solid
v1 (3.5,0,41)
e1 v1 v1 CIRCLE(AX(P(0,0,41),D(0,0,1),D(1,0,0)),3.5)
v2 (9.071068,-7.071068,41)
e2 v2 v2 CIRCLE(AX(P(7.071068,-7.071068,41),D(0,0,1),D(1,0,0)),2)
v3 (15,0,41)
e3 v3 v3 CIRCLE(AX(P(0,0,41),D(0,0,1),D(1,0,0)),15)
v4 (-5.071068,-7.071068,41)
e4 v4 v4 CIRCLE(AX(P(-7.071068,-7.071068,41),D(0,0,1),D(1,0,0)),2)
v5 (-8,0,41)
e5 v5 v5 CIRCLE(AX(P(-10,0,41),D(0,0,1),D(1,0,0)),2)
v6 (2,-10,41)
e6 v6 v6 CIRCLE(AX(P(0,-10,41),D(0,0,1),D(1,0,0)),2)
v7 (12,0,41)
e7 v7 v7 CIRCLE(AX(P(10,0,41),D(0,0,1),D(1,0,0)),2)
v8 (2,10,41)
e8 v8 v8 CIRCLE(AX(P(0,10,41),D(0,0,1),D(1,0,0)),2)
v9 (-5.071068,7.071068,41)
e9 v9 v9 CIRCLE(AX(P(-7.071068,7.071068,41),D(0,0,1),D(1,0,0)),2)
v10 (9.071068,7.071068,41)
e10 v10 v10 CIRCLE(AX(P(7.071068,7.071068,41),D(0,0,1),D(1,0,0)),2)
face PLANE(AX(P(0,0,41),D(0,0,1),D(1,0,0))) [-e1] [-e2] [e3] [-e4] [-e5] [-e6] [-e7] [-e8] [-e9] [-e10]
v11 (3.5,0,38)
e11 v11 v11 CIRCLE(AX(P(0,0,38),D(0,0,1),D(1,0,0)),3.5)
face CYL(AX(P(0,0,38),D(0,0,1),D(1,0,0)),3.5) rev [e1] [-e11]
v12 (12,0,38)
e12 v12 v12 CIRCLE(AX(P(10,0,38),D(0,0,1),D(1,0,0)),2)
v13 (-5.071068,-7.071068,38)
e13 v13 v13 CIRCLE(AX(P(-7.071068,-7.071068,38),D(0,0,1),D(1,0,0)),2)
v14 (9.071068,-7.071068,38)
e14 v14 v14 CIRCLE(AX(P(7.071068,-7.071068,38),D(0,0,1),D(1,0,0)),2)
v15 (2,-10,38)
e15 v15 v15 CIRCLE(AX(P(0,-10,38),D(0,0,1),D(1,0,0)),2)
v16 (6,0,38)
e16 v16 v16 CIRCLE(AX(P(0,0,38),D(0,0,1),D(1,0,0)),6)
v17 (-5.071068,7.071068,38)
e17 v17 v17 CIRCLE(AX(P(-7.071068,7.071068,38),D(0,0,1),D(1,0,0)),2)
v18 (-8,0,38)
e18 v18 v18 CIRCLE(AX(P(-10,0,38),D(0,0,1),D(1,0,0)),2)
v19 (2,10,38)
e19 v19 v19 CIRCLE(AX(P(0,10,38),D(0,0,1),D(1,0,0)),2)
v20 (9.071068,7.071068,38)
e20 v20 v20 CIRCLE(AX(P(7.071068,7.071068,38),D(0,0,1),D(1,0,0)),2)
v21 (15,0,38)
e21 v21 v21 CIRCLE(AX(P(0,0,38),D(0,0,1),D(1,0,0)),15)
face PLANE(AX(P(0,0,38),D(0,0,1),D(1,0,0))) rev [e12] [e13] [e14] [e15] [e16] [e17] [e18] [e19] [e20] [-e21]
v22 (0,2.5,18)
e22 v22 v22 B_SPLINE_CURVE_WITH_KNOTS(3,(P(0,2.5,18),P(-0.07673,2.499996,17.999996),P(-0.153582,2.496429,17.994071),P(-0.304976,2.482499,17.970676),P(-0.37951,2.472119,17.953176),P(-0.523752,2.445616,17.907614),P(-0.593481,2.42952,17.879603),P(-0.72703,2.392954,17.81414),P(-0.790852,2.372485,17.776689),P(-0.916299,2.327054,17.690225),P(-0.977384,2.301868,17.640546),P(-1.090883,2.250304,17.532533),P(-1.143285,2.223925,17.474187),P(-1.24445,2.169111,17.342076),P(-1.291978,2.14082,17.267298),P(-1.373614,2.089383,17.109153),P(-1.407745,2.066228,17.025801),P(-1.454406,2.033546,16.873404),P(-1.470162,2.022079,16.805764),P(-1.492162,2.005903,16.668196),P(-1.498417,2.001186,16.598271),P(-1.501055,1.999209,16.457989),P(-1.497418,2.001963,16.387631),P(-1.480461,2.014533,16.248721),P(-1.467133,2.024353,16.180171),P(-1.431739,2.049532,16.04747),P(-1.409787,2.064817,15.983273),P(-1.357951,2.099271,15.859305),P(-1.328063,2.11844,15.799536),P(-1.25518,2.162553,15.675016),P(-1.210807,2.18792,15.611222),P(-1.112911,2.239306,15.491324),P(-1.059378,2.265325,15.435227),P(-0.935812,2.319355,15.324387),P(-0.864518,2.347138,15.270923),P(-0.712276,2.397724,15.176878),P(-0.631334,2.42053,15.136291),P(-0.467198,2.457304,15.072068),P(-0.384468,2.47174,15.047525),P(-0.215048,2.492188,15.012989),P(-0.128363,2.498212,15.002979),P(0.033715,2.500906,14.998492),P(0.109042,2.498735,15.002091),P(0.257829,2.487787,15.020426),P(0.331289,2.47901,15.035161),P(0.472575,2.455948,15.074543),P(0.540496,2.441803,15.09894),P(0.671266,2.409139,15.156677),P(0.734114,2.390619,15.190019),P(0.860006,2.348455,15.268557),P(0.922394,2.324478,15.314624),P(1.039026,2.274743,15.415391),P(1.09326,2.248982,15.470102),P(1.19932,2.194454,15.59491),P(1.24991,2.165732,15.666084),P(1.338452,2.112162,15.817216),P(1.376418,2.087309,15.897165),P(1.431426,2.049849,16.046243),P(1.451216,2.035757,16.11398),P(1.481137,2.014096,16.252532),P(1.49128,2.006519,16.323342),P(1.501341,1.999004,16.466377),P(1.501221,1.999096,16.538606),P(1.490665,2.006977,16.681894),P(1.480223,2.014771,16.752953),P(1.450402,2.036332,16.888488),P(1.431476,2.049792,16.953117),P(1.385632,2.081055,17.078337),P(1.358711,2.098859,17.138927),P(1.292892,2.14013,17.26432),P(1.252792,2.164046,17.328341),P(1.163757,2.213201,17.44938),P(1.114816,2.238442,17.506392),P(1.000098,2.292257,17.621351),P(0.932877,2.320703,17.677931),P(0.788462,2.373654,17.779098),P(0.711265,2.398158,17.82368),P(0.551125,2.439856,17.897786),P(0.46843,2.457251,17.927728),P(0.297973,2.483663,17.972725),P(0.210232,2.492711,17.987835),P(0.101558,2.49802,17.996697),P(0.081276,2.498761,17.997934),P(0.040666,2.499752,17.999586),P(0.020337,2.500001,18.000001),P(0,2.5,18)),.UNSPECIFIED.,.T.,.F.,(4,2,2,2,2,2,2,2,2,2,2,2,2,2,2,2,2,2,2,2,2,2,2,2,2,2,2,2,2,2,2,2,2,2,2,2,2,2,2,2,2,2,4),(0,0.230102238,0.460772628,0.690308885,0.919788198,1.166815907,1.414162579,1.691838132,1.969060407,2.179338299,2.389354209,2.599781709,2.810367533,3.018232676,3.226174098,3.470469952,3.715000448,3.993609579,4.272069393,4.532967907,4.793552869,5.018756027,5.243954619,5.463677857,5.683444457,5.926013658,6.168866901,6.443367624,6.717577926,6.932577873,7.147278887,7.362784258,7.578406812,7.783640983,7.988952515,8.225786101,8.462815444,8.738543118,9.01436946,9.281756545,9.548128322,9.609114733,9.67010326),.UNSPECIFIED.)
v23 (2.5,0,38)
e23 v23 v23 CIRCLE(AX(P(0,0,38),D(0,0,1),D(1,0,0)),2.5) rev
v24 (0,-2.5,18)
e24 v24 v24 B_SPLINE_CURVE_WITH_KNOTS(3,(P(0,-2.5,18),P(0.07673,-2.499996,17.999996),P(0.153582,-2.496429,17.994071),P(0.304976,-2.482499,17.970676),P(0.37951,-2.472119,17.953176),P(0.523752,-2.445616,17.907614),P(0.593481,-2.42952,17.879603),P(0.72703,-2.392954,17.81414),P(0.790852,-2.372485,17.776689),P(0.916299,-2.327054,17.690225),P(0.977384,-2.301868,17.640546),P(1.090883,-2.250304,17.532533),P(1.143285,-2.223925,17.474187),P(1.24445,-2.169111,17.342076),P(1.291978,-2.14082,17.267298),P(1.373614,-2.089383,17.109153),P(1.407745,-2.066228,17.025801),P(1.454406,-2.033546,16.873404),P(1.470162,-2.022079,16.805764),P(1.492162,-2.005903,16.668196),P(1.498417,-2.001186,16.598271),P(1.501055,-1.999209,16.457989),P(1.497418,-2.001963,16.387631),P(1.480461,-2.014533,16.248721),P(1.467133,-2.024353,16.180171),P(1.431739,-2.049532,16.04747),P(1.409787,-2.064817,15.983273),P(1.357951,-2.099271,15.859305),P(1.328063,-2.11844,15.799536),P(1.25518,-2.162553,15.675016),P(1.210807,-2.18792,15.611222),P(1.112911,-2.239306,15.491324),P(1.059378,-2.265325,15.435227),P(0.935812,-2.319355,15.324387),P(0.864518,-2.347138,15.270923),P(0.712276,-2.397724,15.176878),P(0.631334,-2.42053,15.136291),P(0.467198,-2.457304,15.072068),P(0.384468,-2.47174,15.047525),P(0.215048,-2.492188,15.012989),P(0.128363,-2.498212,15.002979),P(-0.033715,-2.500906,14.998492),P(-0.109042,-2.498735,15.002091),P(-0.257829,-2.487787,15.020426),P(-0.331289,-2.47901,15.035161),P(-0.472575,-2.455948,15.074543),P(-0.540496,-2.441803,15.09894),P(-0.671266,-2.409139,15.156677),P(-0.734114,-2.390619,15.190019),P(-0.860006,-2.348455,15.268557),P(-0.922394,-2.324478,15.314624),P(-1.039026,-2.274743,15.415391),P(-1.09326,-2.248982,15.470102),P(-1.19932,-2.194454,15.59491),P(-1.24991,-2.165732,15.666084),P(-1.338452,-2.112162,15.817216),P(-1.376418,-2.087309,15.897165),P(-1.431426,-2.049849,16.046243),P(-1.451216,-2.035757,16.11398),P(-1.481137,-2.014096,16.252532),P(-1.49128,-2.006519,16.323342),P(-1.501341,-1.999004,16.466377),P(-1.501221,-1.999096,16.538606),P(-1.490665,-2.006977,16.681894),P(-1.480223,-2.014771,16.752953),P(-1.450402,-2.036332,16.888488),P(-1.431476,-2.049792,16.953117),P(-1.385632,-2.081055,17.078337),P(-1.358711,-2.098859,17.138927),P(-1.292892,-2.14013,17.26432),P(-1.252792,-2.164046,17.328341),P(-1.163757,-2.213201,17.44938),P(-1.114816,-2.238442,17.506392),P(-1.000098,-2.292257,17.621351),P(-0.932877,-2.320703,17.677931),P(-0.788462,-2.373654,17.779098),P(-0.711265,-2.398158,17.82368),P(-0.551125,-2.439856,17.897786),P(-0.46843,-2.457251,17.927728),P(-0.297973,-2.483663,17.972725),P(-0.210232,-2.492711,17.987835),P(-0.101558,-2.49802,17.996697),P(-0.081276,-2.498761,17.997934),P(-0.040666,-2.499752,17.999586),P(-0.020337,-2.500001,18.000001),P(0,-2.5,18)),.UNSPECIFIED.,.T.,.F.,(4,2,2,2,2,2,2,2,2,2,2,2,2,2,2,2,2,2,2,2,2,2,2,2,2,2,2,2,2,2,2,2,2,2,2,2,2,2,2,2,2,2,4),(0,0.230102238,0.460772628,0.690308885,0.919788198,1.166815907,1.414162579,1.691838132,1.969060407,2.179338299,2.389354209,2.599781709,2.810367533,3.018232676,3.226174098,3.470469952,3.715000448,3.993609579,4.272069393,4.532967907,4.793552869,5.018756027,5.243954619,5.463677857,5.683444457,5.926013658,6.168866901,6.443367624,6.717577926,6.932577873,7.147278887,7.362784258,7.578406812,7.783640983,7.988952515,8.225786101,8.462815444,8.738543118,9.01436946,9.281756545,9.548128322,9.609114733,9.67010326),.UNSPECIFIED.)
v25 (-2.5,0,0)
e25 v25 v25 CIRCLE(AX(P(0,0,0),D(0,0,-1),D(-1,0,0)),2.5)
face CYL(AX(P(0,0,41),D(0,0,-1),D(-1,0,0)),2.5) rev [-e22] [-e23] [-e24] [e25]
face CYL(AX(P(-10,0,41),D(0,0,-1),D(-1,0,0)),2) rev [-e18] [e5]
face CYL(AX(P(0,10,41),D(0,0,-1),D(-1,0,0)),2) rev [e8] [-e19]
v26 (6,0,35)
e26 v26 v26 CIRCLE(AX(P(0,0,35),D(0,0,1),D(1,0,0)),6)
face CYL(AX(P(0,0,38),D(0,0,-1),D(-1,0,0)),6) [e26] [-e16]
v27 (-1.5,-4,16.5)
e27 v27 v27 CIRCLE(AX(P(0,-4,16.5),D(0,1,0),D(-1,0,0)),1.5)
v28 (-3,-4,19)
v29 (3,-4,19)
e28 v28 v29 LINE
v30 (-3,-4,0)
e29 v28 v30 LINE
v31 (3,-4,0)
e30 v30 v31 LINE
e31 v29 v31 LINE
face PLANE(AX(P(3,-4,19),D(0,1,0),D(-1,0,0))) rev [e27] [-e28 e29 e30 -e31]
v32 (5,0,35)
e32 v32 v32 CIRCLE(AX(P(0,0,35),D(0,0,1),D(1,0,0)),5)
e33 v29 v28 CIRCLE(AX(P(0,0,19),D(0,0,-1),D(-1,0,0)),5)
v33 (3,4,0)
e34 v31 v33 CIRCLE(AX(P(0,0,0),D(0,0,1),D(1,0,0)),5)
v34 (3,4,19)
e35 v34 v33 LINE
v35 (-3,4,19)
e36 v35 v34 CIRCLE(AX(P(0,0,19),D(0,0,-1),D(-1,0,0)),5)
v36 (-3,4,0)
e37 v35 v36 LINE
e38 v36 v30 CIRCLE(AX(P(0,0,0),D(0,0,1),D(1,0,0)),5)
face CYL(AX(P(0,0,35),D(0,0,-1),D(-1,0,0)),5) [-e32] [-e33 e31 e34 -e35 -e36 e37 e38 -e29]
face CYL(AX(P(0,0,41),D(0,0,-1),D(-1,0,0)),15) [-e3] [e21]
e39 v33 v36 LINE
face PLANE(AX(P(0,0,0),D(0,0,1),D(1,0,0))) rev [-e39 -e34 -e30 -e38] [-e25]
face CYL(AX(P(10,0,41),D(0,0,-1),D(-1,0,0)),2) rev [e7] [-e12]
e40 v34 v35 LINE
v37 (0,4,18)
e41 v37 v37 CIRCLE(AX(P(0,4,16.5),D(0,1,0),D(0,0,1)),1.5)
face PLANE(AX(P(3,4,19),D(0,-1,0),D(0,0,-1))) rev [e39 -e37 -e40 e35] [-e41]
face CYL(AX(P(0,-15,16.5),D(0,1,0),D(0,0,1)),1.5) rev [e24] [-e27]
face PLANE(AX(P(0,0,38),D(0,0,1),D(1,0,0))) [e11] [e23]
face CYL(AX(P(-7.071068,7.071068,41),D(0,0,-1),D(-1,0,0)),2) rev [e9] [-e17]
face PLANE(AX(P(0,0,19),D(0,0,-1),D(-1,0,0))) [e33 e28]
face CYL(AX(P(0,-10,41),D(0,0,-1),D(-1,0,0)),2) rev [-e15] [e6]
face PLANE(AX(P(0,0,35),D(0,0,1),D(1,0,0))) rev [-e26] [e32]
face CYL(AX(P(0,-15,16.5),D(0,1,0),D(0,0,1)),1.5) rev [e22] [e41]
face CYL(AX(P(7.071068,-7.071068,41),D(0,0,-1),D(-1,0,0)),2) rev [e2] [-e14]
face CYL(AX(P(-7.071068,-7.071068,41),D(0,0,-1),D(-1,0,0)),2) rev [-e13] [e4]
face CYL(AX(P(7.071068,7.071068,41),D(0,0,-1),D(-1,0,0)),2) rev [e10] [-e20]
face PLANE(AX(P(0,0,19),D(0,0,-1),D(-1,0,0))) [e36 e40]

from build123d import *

# Parameters (mm, degrees)
SKETCH_1_R          = 5
EXTRUDE_1_DEPTH     = 35
SKETCH_2_R          = 6
EXTRUDE_2_DEPTH     = 3
SKETCH_3_R          = 15
SKETCH_3_R_2        = 2
EXTRUDE_3_DEPTH     = 3
CUT_EXTRUDE_1_DEPTH = 19
SKETCH_5_R          = 1.5
CUT_EXTRUDE_2_DEPTH = 48.613023428
SKETCH_6_R          = 2.5
CUT_EXTRUDE_3_DEPTH = 47.16275555
SKETCH_7_R          = 3.5
CUT_EXTRUDE_4_DEPTH = 3


with BuildPart() as part:
    # 草图1 → 凸台-拉伸1 (new body)
    with BuildSketch(Plane.XY):
        Circle(SKETCH_1_R)
    extrude(amount=EXTRUDE_1_DEPTH)

    # 草图2 → 凸台-拉伸2 (add)
    with BuildSketch(Plane.XY.offset(35)):
        Circle(SKETCH_2_R)
    extrude(amount=EXTRUDE_2_DEPTH)

    # 草图3 → 凸台-拉伸3 (add)
    with BuildSketch(Plane.XY.offset(38)):
        Circle(SKETCH_3_R)
        with Locations((0, 10)):
            Circle(SKETCH_3_R_2, mode=Mode.SUBTRACT)
        with Locations((10, 0)):
            Circle(SKETCH_3_R_2, mode=Mode.SUBTRACT)
        with Locations((0, -10)):
            Circle(SKETCH_3_R_2, mode=Mode.SUBTRACT)
        with Locations((-10, 0)):
            Circle(SKETCH_3_R_2, mode=Mode.SUBTRACT)
        with Locations((7.071067812, 7.071067812)):
            Circle(SKETCH_3_R_2, mode=Mode.SUBTRACT)
        with Locations((7.071067812, -7.071067812)):
            Circle(SKETCH_3_R_2, mode=Mode.SUBTRACT)
        with Locations((-7.071067812, -7.071067812)):
            Circle(SKETCH_3_R_2, mode=Mode.SUBTRACT)
        with Locations((-7.071067812, 7.071067812)):
            Circle(SKETCH_3_R_2, mode=Mode.SUBTRACT)
    extrude(amount=EXTRUDE_3_DEPTH)

    # 草图4 → 切除-拉伸1 (cut)
    with BuildSketch(Plane(origin=(0, 0, 0), x_dir=(-1, 0, 0), z_dir=(0, 0, -1))):
        with BuildLine():
            Line((-3, 4), (3, 4))
            ThreePointArc((3, 4), (0, 5), (-3, 4))
        make_face()
        with BuildLine():
            Line((-3, -4), (3, -4))
            ThreePointArc((3, -4), (0, -5), (-3, -4))
        make_face()
    extrude(amount=-CUT_EXTRUDE_1_DEPTH, mode=Mode.SUBTRACT)

    # 草图5 → 切除-拉伸2 (cut, through all)
    with BuildSketch(Plane(origin=(0, 4, 0), x_dir=(1, 0, 0), z_dir=(0, 1, 0))):
        with Locations(Location((0, -16.5, 0), (0, 0, 270))):
            Circle(SKETCH_5_R)
    extrude(amount=-CUT_EXTRUDE_2_DEPTH, mode=Mode.SUBTRACT)

    # 草图6 → 切除-拉伸3 (cut, through all)
    with BuildSketch(Plane(origin=(0, 0, 0), x_dir=(-1, 0, 0), z_dir=(0, 0, -1))):
        Circle(SKETCH_6_R)
    extrude(amount=-CUT_EXTRUDE_3_DEPTH, mode=Mode.SUBTRACT)

    # 草图7 → 切除-拉伸4 (cut)
    with BuildSketch(Plane.XY.offset(41)):
        Circle(SKETCH_7_R)
    extrude(amount=-CUT_EXTRUDE_4_DEPTH, mode=Mode.SUBTRACT)


solid = part.part
